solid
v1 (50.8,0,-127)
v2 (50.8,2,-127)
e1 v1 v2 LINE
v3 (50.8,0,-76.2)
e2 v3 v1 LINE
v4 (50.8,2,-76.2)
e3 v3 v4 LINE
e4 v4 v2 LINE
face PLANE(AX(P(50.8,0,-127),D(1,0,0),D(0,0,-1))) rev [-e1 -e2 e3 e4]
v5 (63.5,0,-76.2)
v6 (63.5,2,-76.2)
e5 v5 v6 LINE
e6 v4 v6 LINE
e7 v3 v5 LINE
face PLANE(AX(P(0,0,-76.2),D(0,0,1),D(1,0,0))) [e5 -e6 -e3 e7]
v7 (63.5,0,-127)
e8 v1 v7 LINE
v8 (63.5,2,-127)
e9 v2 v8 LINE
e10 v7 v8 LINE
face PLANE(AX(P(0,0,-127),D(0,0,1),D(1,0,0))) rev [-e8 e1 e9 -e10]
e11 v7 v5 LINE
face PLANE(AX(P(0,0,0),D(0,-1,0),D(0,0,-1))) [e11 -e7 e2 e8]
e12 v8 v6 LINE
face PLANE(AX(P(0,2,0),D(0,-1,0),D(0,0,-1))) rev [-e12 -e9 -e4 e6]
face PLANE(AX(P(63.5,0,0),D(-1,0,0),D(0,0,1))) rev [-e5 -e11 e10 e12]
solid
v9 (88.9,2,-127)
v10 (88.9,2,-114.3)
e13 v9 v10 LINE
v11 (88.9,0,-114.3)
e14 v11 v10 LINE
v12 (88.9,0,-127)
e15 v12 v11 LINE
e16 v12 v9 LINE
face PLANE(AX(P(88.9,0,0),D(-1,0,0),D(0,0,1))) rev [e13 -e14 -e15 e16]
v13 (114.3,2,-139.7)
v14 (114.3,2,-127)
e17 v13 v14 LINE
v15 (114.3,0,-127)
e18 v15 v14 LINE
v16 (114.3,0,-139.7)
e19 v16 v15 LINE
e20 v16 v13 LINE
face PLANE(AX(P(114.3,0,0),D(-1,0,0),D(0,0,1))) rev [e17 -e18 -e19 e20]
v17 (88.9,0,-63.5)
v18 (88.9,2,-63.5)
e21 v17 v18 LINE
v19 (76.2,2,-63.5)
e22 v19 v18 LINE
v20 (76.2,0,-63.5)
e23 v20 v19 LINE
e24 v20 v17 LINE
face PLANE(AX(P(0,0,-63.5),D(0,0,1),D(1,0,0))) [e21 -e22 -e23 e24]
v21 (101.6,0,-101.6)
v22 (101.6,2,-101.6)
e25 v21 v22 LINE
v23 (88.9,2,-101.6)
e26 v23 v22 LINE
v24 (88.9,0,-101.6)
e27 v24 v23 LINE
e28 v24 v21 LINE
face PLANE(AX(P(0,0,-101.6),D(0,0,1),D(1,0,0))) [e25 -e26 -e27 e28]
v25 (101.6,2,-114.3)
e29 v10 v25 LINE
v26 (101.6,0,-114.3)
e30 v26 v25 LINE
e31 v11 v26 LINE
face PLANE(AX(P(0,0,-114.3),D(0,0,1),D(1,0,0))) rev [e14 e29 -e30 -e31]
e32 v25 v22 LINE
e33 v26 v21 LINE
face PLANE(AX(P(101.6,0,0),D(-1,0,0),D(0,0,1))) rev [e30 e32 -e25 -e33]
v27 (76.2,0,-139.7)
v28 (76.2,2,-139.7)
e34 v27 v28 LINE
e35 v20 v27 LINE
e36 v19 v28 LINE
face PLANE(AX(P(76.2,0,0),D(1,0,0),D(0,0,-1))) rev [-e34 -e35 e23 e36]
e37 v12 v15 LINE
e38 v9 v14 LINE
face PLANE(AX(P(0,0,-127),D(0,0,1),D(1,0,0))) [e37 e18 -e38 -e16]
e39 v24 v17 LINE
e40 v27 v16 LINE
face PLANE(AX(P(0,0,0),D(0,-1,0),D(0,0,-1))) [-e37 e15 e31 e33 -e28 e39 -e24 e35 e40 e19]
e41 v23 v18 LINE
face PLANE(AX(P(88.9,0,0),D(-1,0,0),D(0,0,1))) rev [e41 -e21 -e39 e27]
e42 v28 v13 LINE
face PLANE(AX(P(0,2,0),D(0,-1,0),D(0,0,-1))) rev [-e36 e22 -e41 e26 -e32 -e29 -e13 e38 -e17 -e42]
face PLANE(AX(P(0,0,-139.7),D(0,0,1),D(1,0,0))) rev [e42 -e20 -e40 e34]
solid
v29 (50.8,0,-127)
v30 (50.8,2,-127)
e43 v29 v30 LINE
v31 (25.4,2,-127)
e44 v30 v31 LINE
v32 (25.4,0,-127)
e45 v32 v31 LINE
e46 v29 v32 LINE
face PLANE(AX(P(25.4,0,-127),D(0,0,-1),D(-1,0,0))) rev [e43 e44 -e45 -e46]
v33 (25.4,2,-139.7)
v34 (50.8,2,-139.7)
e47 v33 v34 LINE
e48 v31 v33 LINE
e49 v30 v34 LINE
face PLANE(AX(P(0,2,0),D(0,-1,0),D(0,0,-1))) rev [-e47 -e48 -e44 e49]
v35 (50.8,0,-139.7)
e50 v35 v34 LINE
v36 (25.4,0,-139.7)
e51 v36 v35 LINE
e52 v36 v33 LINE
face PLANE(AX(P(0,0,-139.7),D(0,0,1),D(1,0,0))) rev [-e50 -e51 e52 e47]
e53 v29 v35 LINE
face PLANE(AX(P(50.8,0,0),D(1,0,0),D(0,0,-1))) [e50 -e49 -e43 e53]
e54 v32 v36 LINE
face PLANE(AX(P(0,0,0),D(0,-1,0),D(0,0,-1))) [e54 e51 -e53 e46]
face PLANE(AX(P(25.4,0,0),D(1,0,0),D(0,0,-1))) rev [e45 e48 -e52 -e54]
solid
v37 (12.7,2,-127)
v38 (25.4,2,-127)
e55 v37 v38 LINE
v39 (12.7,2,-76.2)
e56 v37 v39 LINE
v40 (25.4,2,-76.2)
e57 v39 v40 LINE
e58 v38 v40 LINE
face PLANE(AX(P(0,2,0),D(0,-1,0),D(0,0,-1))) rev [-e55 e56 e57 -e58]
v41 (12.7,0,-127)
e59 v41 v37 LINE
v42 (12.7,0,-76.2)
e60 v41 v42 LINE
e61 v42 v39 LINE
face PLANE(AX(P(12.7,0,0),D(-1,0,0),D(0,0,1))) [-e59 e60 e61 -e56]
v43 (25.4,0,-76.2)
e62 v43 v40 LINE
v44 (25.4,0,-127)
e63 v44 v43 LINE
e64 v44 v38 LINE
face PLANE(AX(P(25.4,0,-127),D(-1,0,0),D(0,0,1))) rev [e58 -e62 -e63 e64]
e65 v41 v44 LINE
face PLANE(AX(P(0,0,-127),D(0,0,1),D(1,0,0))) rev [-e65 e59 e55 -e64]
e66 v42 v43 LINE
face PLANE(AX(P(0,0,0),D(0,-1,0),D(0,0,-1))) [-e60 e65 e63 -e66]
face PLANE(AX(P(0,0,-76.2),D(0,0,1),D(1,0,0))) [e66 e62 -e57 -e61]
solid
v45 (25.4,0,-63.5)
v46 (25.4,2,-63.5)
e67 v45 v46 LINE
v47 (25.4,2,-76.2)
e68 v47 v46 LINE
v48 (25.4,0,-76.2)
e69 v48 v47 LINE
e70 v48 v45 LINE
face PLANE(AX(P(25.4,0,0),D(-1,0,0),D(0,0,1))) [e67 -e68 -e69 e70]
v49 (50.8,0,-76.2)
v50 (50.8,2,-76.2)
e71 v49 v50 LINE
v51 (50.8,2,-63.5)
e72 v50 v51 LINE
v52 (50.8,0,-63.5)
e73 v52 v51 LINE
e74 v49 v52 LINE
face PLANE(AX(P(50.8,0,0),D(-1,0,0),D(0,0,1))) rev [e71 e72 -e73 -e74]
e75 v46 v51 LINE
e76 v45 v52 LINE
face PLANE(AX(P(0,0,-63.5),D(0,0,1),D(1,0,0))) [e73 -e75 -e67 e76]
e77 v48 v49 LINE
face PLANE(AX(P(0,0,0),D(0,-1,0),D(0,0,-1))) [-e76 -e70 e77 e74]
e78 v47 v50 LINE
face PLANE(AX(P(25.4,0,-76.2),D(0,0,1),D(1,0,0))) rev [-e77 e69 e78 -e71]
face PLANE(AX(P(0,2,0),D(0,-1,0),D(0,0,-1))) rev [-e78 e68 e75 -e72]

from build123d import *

# Parameters (mm, degrees)
SKETCH1_W           = 127
SKETCH1_H           = 203.2
BOSS_EXTRUDE1_DEPTH = 2
SKETCH2_W           = 127
SKETCH2_H           = 203.2
CUT_EXTRUDE9_DEPTH  = 2
SKETCH5_W           = 25.4
SKETCH5_H           = 50.8
CUT_EXTRUDE10_DEPTH = 2


with BuildPart() as part:
    # Sketch1 → Boss-Extrude1 (new body)
    with BuildSketch(Plane(origin=(0, 0, 0), x_dir=(1, 0, 0), z_dir=(0, 1, 0))):
        with Locations((63.5, 101.6)):
            Rectangle(SKETCH1_W, SKETCH1_H)
    extrude(amount=BOSS_EXTRUDE1_DEPTH)

    # Sketch2 → Cut-Extrude9 (cut)
    with BuildSketch(Plane(origin=(0, 2, 0), x_dir=(1, 0, 0), z_dir=(0, 1, 0))):
        with Locations((63.5, 101.6)):
            Rectangle(SKETCH2_W, SKETCH2_H)
        Polygon((50.8, 127), (63.5, 127), (63.5, 76.2), (50.8, 76.2), (50.8, 63.5), (25.4, 63.5), (25.4, 76.2), (12.7, 76.2), (12.7, 127), (25.4, 127), (25.4, 139.7), (50.8, 139.7), align=None, mode=Mode.SUBTRACT)
        Polygon((88.9, 101.6), (101.6, 101.6), (101.6, 114.3), (88.9, 114.3), (88.9, 127), (114.3, 127), (114.3, 139.7), (88.9, 139.7), (76.2, 139.7), (76.2, 63.5), (88.9, 63.5), align=None, mode=Mode.SUBTRACT)
    extrude(amount=-CUT_EXTRUDE9_DEPTH, mode=Mode.SUBTRACT)


with BuildPart() as cut_extrude9_piece_1:
    # of the separate pieces the step leaves, piece 1, a body of its own (cut_extrude9_pieces)
    add(part.part.solids().sort_by_distance((50.8, 0, -127))[0])

    # Sketch5 → Cut-Extrude10 (cut)
    with BuildSketch(Plane(origin=(0, 2, 0), x_dir=(1, 0, 0), z_dir=(0, 1, 0))):
        with Locations((38.1, 101.6)):
            Rectangle(SKETCH5_W, SKETCH5_H)
    extrude(amount=-CUT_EXTRUDE10_DEPTH, mode=Mode.SUBTRACT)


with BuildPart() as cut_extrude9_piece_2:
    # of the separate pieces the step leaves, piece 2, a body of its own (cut_extrude9_pieces)
    add(part.part.solids().sort_by_distance((76.2, 0, -63.5))[0])


with BuildPart() as cut_extrude10_piece_1:
    # of the separate pieces the step leaves, piece 1, a body of its own (cut_extrude10_pieces)
    add(cut_extrude9_piece_1.part.solids().sort_by_distance((63.5, 0, -127))[0])


with BuildPart() as cut_extrude10_piece_2:
    # of the separate pieces the step leaves, piece 2, a body of its own (cut_extrude10_pieces)
    add(cut_extrude9_piece_1.part.solids().sort_by_distance((12.7, 0, -76.2))[0])


with BuildPart() as cut_extrude10_piece_3:
    # of the separate pieces the step leaves, piece 3, a body of its own (cut_extrude10_pieces)
    add(cut_extrude9_piece_1.part.solids().sort_by_distance((50.8, 0, -63.5))[0])


with BuildPart() as cut_extrude10_piece_4:
    # of the separate pieces the step leaves, piece 4, a body of its own (cut_extrude10_pieces)
    add(cut_extrude9_piece_1.part.solids().sort_by_distance((25.4, 0, -139.7))[0])


solid = Compound([cut_extrude9_piece_2.part, cut_extrude10_piece_1.part, cut_extrude10_piece_2.part, cut_extrude10_piece_3.part, cut_extrude10_piece_4.part])
